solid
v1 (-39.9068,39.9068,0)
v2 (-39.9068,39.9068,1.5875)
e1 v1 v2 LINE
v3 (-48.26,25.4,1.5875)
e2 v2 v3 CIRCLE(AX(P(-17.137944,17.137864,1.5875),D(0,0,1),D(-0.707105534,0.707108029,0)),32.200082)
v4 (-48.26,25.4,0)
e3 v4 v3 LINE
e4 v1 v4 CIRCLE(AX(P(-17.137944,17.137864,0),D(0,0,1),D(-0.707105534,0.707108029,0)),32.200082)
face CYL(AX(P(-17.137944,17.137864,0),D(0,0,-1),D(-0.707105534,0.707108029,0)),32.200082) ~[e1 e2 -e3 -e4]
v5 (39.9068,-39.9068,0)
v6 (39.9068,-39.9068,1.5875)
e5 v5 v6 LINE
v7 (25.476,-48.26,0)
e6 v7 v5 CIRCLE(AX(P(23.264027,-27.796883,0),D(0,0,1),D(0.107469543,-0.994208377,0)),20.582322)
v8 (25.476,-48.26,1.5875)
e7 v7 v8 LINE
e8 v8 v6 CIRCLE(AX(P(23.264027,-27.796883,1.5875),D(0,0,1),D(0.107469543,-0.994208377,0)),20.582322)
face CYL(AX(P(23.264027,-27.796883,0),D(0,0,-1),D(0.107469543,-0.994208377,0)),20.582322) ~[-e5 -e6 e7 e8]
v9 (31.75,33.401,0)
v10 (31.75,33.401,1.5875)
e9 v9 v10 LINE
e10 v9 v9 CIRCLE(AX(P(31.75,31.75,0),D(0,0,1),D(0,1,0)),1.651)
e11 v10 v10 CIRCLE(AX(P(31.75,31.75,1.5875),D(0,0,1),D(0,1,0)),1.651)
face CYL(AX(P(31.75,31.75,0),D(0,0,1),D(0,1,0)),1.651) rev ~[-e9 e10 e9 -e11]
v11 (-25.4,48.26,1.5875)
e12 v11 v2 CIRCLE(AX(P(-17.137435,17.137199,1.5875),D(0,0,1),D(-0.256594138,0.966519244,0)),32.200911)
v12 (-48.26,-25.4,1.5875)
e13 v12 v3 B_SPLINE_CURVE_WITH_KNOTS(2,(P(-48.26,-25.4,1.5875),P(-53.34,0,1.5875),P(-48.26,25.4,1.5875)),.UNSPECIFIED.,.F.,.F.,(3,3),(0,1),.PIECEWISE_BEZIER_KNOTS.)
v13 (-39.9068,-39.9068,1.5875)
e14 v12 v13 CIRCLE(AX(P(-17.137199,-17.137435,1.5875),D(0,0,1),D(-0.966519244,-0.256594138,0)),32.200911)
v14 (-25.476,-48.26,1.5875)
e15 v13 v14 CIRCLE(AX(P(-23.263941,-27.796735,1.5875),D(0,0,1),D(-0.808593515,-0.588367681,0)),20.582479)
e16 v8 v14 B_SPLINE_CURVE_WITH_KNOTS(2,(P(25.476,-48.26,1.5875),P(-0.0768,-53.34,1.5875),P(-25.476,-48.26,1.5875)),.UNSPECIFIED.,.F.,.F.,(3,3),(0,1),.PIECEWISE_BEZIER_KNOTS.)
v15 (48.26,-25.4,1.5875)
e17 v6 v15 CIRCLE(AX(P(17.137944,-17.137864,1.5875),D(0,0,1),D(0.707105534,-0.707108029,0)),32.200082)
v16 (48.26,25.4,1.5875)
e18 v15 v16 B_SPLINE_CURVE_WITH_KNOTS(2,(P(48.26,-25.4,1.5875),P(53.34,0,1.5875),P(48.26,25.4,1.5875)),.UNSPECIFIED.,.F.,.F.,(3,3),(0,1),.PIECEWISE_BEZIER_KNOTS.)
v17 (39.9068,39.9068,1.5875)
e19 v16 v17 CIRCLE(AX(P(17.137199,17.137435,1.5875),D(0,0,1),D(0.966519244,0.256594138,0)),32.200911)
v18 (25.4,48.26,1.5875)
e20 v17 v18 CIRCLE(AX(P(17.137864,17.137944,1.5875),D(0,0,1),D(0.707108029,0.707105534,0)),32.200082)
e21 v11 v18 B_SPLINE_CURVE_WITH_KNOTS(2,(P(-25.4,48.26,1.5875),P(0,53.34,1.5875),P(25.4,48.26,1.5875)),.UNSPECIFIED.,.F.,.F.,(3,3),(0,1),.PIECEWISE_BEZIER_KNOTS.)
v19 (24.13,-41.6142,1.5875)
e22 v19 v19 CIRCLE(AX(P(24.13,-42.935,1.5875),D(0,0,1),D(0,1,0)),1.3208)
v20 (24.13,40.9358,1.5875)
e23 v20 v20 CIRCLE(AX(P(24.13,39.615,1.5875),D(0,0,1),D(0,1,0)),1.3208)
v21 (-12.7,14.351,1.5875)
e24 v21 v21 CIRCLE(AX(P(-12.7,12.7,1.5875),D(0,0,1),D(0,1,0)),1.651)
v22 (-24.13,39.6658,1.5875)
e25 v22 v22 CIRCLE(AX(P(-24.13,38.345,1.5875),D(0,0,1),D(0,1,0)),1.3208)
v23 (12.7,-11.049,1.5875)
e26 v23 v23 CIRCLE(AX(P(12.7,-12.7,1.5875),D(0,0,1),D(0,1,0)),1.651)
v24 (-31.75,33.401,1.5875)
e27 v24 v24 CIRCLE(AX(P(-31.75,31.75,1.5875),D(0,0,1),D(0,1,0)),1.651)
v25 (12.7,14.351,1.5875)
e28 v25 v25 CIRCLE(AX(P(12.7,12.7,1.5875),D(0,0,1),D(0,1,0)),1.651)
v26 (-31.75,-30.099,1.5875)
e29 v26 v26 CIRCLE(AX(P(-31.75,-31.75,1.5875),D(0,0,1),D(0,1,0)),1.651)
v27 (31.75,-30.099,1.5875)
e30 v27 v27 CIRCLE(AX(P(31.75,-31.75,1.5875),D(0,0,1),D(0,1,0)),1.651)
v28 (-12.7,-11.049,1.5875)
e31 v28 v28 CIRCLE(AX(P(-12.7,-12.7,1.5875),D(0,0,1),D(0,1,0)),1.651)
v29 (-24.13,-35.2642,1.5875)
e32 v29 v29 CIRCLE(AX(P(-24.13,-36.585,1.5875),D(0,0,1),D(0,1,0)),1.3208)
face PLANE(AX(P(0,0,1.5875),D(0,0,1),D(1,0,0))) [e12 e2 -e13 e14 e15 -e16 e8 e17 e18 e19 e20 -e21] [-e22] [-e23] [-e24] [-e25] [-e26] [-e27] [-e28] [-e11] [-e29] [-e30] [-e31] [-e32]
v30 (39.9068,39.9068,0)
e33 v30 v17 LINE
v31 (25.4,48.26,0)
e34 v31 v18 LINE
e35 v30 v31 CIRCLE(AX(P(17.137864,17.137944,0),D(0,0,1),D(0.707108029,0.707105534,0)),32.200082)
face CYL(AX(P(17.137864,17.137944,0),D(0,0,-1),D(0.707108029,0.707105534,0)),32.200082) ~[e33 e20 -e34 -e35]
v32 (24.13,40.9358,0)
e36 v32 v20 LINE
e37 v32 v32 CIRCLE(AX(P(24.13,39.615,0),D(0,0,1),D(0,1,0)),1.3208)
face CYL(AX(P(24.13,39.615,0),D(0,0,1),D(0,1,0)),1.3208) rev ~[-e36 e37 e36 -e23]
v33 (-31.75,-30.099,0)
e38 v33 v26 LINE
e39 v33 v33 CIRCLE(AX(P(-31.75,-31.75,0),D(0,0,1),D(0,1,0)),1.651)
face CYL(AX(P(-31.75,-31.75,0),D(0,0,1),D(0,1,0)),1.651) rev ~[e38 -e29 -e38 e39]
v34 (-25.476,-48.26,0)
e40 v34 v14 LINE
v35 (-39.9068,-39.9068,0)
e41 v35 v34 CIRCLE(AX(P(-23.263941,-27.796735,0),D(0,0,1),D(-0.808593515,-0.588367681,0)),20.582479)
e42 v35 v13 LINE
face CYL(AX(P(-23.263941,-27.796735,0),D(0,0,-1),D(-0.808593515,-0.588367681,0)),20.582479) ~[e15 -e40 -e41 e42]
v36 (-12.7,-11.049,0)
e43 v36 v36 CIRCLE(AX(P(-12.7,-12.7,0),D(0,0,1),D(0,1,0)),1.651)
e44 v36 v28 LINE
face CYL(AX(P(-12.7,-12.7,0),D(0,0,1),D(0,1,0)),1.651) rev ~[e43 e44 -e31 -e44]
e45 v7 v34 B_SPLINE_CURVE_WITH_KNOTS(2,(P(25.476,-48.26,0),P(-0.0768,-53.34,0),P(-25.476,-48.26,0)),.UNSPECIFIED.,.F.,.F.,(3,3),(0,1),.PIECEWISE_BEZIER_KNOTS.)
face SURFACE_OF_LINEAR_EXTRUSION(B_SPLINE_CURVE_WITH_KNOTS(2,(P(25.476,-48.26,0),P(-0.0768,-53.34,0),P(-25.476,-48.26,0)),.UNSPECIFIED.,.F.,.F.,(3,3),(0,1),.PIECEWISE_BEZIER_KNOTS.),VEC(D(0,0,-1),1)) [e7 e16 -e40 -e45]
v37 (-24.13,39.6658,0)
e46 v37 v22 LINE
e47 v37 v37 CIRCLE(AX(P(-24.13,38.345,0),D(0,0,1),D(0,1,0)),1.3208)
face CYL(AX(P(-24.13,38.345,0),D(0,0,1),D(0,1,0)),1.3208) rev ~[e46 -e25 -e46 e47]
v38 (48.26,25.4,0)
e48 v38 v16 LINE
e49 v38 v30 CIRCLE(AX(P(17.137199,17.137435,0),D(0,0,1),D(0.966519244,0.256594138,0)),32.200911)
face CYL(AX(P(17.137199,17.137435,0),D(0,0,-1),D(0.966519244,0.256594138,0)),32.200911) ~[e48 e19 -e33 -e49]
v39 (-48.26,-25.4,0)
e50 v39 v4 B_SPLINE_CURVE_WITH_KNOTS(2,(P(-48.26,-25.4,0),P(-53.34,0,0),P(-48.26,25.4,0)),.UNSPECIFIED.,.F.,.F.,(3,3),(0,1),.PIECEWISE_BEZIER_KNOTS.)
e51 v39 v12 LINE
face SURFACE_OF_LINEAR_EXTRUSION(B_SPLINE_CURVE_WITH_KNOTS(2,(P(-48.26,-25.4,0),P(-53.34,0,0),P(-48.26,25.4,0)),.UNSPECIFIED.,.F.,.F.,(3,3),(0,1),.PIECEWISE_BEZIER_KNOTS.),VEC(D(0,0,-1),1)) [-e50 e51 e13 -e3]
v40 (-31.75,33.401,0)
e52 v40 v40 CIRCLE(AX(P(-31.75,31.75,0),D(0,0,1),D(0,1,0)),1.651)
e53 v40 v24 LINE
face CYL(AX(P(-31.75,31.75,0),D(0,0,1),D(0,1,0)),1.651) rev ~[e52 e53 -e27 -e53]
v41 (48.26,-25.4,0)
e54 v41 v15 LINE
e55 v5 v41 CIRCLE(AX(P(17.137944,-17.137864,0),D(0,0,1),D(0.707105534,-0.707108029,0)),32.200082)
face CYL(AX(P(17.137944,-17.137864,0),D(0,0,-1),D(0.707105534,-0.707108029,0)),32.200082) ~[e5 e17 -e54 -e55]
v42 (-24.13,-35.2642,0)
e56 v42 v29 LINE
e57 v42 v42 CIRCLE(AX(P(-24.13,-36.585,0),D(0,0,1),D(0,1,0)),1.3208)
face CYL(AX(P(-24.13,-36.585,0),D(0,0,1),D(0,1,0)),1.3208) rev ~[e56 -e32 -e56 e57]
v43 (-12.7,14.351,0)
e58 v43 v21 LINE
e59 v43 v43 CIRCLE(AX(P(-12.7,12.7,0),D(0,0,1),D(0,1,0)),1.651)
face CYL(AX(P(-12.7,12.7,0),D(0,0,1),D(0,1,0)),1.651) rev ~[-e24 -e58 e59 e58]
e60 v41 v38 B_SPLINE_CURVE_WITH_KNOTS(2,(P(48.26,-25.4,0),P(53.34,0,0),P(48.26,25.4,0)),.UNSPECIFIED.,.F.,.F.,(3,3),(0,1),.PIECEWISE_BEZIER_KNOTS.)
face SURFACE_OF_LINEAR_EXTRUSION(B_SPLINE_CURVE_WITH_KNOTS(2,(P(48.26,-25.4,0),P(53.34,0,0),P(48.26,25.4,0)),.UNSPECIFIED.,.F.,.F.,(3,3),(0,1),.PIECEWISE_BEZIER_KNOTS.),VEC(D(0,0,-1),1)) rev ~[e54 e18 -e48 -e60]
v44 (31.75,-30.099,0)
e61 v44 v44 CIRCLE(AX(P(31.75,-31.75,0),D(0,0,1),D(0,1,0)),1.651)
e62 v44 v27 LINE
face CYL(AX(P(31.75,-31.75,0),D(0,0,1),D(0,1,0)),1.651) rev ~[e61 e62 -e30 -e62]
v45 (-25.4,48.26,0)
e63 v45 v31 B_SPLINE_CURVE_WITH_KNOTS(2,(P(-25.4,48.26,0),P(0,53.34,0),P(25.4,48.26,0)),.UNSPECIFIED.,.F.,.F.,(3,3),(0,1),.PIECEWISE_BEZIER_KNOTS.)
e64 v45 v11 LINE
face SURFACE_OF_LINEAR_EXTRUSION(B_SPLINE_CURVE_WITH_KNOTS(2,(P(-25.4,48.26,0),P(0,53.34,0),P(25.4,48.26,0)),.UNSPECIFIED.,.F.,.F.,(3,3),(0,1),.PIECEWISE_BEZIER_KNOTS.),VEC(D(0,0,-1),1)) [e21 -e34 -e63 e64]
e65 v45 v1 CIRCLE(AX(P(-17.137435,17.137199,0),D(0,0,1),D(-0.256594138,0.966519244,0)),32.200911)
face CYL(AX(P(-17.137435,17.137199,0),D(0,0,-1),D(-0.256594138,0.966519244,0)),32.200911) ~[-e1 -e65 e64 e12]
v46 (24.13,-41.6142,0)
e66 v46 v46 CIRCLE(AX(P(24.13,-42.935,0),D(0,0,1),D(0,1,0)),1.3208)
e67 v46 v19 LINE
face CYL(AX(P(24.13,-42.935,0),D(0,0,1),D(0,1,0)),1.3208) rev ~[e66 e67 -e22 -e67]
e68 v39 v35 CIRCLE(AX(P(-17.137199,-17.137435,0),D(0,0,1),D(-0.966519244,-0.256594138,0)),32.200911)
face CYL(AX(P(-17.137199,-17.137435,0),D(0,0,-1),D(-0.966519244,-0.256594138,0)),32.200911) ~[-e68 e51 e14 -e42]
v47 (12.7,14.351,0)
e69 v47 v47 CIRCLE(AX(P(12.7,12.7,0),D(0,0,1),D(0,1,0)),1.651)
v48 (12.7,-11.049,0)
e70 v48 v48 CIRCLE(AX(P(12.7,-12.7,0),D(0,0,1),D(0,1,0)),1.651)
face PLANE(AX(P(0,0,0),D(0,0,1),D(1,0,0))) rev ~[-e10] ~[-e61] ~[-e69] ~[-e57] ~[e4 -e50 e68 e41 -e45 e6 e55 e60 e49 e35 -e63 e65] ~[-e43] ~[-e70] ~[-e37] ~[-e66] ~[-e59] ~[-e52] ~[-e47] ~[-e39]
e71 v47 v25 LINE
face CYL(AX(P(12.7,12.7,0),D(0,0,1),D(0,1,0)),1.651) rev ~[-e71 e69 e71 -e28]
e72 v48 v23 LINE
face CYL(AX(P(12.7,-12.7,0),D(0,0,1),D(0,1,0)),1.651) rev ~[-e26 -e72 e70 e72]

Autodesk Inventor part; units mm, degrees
ref_plane "YZ Plane" through (0, 0, 0) normal (1, 0, 0) x (0, 1, 0)
ref_plane "XZ Plane" through (0, 0, 0) normal (0, 1, 0) x (-1, 0, 0)
ref_plane "XY Plane" through (0, 0, 0) normal (0, 0, 1) x (1, 0, 0)
sketch "Sketch1" plane through (0, 0, 0) normal (0, 0, 1) x (1, 0, 0)
  line L0 (0, 3.1673) -> (0, -2.4908)
  spline S0 degree 2 poles (-48.26, -25.4) (-53.34, 0) (-48.26, 25.4) knots 0 0 0 1 1 1
  line L1 (-20.5368, 0) -> (25.7294, 0)
  line L2 (0, 0) -> (-9.8402, -9.8402)
  line L3 (0, 0) -> (13.9161, 0) construction
  line L4 (0, 0) -> (-23.2805, 23.2805)
  arc A0 (-39.9068, 39.9068) -> (-48.26, 25.4) centre (-17.1376, 17.1376) ccw
  arc A1 (-48.26, -25.4) -> (-39.9068, -39.9068) centre (-17.1376, -17.1376) ccw
  spline S1 degree 2 poles (48.26, -25.4) (53.34, 0) (48.26, 25.4) knots 0 0 0 1 1 1
  arc A2 (48.26, 25.4) -> (39.9068, 39.9068) centre (17.1376, 17.1376) ccw
  arc A3 (39.9068, -39.9068) -> (48.26, -25.4) centre (17.1376, -17.1376) ccw
  spline S2 degree 2 poles (25.476, -48.26) (-0.0768, -53.34) (-25.476, -48.26) knots 0 0 0 1 1 1
  arc A4 (-39.9068, -39.9068) -> (-25.476, -48.26) centre (-23.264, -27.7968) ccw
  arc A5 (25.476, -48.26) -> (39.9068, -39.9068) centre (23.264, -27.7968) ccw
  spline S3 degree 2 poles (-25.4, 48.26) (0, 53.34) (25.4, 48.26) knots 0 0 0 1 1 1
  arc A6 (39.9068, 39.9068) -> (25.4, 48.26) centre (17.1376, 17.1376) ccw
  arc A7 (-25.4, 48.26) -> (-39.9068, 39.9068) centre (-17.1376, 17.1376) ccw
  point P0 (-50.8, 0)
  point P1 (50.8, 0)
  point P2 (-0.076, -50.8)
  point P3 (0, 50.8)
  point P4 (-12.7, 12.7)
  point P5 (-31.75, 31.75)
  point P6 (-31.75, -31.75)
  point P7 (-12.7, -12.7)
  point P8 (12.7, 12.7)
  point P9 (31.75, 31.75)
  point P10 (31.75, -31.75)
  point P11 (12.7, -12.7)
  point P12 (24.13, -42.935)
  point P13 (24.13, 39.615)
  point P14 (-24.13, 38.345)
  point P15 (-24.13, -36.585)
  dimension "d23" = 1.5875
  dimension "d24" = 0
  dimension "d1" = 45
  dimension "d6" = 50.8
  dimension "d7" = 25.4
  dimension "d8" = 48.26
  dimension "d15" = 48.26
  dimension "d16" = 50.8
  dimension "d17" = 25.4
  dimension "d19" = 25.4
  dimension "d20" = 50.8
  dimension "d21" = 48.26
  dimension "d22" = 25.4
  dimension "d25" = 12.7
  dimension "d26" = 31.75
  dimension "d34" = 48.26
  dimension "d38" = 48.26
  dimension "d39" = 6.35
  dimension "d40" = 82.55
  dimension "d41" = 1.27
  dimension "d42" = 48.26
  dimension "d43" = 0
  dimension "d44" = 24.13
extrude "Extrusion1" add sketch "Sketch1" along normal blind 1.5875
hole "Hole1" at (-12.7, 12.7, 0) at (-31.75, 31.75, 0) at (-31.75, -31.75, 0) at (-12.7, -12.7, 0) at (31.75, 31.75, 0) at (12.7, 12.7, 0) at (12.7, -12.7, 0) at (31.75, -31.75, 0) direction (0, 0, 1) diameter 3.302 end through all thread size "8-32 UNC" class "2B" standard "ANSI Unified Screw Threads"
hole "Hole2" at (24.13, -42.935, 0) at (24.13, 39.615, 0) at (-24.13, 38.345, 0) at (-24.13, -36.585, 0) direction (0, 0, 1) diameter 2.6416 end through all thread size "6-32 UNC" class "2B" standard "ANSI Unified Screw Threads"
equation "\"d15\" = d8"
equation "\"d16\" = d6"
equation "\"d20\" = d6"
equation "\"d21\" = d8"
properties part number "Base"
